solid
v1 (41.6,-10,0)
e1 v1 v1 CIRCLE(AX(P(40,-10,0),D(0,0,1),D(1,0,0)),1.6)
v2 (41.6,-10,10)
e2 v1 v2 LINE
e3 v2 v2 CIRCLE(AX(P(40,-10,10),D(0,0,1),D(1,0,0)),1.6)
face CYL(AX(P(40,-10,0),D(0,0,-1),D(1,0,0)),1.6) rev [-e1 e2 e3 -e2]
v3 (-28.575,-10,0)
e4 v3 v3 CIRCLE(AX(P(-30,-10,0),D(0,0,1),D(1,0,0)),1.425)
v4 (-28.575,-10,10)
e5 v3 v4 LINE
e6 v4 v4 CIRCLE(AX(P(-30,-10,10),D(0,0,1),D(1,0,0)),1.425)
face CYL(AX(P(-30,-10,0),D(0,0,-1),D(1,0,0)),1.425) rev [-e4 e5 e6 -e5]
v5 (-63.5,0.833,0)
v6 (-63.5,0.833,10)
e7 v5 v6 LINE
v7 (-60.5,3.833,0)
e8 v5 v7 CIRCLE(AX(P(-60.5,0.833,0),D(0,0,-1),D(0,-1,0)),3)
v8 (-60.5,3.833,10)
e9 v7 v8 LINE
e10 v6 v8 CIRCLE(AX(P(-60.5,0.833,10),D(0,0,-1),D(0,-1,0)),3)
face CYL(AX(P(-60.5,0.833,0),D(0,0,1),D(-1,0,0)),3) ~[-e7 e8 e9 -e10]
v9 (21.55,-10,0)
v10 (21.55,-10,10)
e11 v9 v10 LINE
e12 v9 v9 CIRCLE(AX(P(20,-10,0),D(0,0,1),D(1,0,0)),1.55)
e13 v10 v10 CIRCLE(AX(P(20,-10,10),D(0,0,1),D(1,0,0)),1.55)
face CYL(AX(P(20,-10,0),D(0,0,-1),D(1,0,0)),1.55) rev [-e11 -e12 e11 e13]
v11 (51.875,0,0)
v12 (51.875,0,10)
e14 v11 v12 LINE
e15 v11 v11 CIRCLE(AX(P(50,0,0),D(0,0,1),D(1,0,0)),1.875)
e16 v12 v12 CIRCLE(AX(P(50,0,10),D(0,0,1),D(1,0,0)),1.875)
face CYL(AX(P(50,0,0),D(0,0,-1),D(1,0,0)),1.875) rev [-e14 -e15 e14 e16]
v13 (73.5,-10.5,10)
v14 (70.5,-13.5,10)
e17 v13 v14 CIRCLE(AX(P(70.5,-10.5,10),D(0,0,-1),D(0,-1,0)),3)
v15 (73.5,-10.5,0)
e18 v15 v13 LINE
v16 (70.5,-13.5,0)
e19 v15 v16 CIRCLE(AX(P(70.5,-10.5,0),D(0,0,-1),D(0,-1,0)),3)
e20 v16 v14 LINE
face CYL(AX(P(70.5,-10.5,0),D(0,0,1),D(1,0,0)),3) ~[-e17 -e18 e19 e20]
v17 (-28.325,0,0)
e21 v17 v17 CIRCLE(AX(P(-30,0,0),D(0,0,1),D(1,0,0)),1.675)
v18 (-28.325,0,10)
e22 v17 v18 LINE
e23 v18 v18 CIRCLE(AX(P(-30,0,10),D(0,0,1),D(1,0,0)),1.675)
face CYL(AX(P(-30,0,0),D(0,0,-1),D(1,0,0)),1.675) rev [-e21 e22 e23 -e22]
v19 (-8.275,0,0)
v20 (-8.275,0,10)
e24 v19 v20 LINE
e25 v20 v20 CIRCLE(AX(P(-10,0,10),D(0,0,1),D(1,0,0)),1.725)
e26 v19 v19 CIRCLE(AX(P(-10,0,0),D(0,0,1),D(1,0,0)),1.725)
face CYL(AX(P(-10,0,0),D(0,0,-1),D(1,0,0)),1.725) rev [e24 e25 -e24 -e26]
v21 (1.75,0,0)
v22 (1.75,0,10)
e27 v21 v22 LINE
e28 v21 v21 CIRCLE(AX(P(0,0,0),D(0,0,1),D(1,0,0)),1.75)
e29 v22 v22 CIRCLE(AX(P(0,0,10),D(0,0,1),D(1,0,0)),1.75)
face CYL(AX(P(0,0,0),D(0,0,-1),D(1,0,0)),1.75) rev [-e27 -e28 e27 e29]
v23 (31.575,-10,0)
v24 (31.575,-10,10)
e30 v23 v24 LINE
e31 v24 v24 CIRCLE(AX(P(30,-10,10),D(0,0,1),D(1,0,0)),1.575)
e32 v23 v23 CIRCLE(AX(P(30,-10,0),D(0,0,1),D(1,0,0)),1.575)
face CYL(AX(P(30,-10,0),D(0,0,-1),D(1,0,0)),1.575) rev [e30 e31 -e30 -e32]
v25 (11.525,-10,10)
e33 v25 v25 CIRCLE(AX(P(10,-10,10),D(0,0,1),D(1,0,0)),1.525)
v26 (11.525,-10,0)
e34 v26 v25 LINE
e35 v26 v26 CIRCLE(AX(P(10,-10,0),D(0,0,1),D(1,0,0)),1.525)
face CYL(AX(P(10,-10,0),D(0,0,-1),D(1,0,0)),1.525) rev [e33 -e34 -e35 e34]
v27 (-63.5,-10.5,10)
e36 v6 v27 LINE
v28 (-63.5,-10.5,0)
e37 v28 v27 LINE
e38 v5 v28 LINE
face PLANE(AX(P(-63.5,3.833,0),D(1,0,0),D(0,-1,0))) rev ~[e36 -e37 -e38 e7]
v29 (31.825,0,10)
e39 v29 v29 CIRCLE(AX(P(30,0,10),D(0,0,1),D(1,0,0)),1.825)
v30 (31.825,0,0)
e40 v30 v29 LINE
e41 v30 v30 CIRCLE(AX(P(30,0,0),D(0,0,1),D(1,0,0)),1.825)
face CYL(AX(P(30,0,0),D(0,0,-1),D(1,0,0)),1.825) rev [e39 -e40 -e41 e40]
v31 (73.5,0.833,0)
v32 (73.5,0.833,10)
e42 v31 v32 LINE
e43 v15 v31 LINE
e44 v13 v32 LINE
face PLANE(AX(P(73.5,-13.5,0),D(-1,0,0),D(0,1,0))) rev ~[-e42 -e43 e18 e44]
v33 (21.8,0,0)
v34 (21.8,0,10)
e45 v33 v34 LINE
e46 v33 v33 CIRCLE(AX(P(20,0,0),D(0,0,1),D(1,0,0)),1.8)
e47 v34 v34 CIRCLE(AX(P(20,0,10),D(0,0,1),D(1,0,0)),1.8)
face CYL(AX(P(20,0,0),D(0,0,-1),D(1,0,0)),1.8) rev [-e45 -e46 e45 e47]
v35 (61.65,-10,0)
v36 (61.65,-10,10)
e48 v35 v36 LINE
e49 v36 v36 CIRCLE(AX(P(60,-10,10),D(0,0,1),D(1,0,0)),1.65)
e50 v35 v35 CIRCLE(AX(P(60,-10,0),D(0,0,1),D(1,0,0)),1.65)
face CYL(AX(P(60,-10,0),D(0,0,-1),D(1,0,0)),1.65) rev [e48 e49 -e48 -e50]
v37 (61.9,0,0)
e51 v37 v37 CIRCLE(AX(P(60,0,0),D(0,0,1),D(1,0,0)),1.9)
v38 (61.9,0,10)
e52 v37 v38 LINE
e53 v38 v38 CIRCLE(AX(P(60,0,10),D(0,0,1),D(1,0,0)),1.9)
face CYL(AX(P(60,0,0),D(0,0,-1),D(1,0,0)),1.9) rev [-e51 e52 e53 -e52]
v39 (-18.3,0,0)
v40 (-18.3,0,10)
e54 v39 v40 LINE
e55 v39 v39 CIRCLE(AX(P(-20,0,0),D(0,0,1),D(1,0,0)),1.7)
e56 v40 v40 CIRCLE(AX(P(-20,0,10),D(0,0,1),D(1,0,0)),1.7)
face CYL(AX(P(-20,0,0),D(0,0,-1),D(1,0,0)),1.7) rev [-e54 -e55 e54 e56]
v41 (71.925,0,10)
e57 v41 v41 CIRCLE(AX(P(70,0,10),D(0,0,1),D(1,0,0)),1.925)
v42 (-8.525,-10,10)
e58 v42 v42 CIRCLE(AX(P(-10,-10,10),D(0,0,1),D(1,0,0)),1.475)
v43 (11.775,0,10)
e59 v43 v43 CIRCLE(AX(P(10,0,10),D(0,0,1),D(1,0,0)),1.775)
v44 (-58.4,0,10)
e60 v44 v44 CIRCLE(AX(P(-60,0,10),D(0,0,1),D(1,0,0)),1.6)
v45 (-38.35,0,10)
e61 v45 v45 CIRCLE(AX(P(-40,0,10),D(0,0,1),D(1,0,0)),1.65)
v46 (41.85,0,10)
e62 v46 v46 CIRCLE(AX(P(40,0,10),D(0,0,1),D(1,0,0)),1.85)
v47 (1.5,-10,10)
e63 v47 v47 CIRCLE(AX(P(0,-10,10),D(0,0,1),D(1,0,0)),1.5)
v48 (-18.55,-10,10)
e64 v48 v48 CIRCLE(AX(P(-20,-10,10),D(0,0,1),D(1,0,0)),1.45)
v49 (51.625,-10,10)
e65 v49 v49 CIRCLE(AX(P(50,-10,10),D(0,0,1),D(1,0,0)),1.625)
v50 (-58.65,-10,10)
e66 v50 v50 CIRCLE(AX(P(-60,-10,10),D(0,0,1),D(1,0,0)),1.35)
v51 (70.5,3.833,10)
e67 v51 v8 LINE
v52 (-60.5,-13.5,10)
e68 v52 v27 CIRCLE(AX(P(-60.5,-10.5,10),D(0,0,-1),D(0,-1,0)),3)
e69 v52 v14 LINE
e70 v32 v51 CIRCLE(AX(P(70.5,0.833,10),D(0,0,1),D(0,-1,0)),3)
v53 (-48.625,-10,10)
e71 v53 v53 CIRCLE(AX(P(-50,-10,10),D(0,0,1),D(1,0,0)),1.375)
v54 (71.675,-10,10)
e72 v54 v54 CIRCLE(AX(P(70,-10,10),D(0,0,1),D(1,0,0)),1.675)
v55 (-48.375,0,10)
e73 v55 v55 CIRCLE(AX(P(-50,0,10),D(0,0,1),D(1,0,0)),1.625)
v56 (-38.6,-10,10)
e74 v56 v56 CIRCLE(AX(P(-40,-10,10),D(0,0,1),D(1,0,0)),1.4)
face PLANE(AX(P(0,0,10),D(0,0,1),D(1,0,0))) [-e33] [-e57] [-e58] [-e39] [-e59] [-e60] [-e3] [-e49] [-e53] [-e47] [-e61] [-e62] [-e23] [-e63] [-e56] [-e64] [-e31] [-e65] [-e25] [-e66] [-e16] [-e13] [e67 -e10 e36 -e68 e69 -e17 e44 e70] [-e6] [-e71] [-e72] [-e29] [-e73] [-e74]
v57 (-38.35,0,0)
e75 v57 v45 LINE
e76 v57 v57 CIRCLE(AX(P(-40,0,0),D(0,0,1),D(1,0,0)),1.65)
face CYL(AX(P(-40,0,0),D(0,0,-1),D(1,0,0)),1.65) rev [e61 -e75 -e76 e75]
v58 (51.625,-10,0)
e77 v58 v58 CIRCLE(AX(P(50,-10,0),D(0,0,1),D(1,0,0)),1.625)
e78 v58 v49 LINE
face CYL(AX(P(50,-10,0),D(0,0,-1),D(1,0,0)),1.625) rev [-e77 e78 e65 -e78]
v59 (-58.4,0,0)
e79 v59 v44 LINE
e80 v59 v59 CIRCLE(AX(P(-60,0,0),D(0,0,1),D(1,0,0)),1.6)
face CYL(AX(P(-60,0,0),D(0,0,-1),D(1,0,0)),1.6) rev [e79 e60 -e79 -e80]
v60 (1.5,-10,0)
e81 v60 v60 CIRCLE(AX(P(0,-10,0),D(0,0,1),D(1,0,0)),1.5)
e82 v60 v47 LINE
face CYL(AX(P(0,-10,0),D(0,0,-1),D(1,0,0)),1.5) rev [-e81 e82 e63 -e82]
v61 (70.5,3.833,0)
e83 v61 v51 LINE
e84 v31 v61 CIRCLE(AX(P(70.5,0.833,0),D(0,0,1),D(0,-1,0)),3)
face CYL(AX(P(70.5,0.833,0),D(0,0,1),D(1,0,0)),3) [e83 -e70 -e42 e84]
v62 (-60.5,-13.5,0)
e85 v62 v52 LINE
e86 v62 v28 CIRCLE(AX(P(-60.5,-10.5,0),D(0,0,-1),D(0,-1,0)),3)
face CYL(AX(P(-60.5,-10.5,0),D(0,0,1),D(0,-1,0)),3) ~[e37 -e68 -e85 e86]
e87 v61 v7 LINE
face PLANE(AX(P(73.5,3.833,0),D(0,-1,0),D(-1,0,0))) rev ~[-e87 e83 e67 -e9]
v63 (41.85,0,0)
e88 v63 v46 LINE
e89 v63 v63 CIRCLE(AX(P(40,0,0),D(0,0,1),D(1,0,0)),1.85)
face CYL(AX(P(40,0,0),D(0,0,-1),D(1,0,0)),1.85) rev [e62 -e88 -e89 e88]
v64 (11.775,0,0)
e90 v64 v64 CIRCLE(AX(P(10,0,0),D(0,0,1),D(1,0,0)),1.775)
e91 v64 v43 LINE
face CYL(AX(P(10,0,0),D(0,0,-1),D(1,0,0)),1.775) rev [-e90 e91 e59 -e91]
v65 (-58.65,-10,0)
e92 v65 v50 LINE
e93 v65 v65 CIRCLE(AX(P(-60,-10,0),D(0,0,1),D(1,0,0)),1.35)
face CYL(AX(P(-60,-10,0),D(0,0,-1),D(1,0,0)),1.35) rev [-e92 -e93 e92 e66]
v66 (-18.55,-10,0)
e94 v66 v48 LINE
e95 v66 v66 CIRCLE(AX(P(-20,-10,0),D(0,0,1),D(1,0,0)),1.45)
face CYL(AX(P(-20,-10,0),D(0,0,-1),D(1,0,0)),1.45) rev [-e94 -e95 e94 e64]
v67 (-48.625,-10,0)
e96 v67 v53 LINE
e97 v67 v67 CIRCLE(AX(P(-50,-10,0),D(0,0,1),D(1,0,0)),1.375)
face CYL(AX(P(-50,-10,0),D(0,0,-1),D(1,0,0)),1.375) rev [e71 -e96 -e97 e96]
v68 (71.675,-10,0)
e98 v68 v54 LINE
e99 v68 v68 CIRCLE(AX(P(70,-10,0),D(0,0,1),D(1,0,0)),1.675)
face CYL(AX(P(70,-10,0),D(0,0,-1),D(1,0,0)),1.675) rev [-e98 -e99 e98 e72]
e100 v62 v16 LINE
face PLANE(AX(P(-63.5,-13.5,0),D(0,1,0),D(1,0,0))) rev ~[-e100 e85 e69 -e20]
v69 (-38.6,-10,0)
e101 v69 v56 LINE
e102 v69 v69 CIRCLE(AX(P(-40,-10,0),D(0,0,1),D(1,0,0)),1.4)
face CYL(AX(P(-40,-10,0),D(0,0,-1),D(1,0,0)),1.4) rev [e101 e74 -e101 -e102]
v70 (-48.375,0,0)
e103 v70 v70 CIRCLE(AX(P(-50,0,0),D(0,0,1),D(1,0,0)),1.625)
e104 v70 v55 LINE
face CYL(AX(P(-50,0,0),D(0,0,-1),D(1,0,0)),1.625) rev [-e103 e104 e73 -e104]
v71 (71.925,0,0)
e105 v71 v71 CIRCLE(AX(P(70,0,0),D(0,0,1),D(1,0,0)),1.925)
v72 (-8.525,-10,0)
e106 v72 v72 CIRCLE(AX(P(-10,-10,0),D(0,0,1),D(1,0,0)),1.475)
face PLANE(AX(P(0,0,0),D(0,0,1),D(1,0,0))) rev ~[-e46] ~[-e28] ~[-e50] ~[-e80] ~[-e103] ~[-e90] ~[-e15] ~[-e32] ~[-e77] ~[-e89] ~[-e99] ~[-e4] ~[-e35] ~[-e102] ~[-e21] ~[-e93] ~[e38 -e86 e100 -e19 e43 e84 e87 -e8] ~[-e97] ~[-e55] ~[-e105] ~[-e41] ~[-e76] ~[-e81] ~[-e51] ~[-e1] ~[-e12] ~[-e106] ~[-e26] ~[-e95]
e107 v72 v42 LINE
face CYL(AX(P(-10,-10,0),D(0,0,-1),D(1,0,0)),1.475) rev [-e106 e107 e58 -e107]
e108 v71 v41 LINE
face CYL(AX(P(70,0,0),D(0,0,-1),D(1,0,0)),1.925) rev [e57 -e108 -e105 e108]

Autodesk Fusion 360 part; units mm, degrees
sketch "Sketch1" plane through (0, 0, 0) normal (0, 0, 1) x (1, 0, 0)
  circle A0 centre (0, 0) radius 1.75
  circle A1 centre (10, 0) radius 1.775
  circle A2 centre (20, 0) radius 1.8
  circle A3 centre (30, 0) radius 1.825
  circle A4 centre (40, 0) radius 1.85
  line L0 (0, 0) -> (10, 0) construction
  line L1 (10, 0) -> (20, 0) construction
  line L2 (20, 0) -> (30, 0) construction
  line L3 (30, 0) -> (40, 0) construction
  circle A5 centre (50, 0) radius 1.875
  circle A6 centre (60, 0) radius 1.9
  circle A7 centre (70, 0) radius 1.925
  line L4 (40, 0) -> (50, 0) construction
  line L5 (50, 0) -> (60, 0) construction
  line L6 (60, 0) -> (70, 0) construction
  line L7 (-50, 0) -> (-40, 0) construction
  line L8 (-40, 0) -> (-30, 0) construction
  circle A8 centre (-40, 0) radius 1.65
  line L9 (-10, 0) -> (0, 0) construction
  circle A9 centre (-50, 0) radius 1.625
  circle A10 centre (-30, 0) radius 1.675
  circle A11 centre (-60, 0) radius 1.6
  circle A12 centre (-20, 0) radius 1.7
  line L10 (-30, 0) -> (-20, 0) construction
  line L11 (-60, 0) -> (-50, 0) construction
  line L12 (-20, 0) -> (-10, 0) construction
  circle A13 centre (-10, 0) radius 1.725
  line L13 (0, 0) -> (0, 10) construction
  circle A14 centre (-40, 10) radius 0.95
  line L14 (-50, 10) -> (-40, 10) construction
  line L15 (20, 10) -> (30, 10) construction
  circle A15 centre (20, 10) radius 1.1
  line L16 (-30, 10) -> (-20, 10) construction
  circle A16 centre (0, 10) radius 1.05
  circle A17 centre (-50, 10) radius 0.925
  line L17 (-60, 10) -> (-50, 10) construction
  line L18 (40, 10) -> (50, 10) construction
  line L19 (-40, 10) -> (-30, 10) construction
  circle A18 centre (10, 10) radius 1.075
  circle A19 centre (-30, 10) radius 0.975
  line L20 (-20, 10) -> (-10, 10) construction
  circle A20 centre (60, 10) radius 1.2
  circle A21 centre (70, 10) radius 1.225
  line L21 (60, 10) -> (70, 10) construction
  circle A22 centre (30, 10) radius 1.125
  line L22 (50, 10) -> (60, 10) construction
  circle A23 centre (40, 10) radius 1.15
  circle A24 centre (50, 10) radius 1.175
  line L23 (30, 10) -> (40, 10) construction
  circle A25 centre (-10, 10) radius 1.025
  line L24 (-10, 10) -> (0, 10) construction
  line L25 (0, 10) -> (10, 10) construction
  circle A26 centre (-20, 10) radius 1
  circle A27 centre (-60, 10) radius 0.9
  line L26 (10, 10) -> (20, 10) construction
  line L27 (0, 0) -> (0, -10) construction
  line L28 (0, -10) -> (10, -10) construction
  circle A28 centre (30, -10) radius 1.575
  circle A29 centre (20, -10) radius 1.55
  circle A30 centre (40, -10) radius 1.6
  line L29 (50, -10) -> (60, -10) construction
  circle A31 centre (70, -10) radius 1.675
  circle A32 centre (10, -10) radius 1.525
  line L30 (20, -10) -> (30, -10) construction
  circle A33 centre (0, -10) radius 1.5
  line L31 (-20, -10) -> (-10, -10) construction
  circle A34 centre (-10, -10) radius 1.475
  circle A35 centre (-20, -10) radius 1.45
  line L32 (-10, -10) -> (0, -10) construction
  circle A36 centre (-40, -10) radius 1.4
  circle A37 centre (-60, -10) radius 1.35
  line L33 (-60, -10) -> (-50, -10) construction
  line L34 (-30, -10) -> (-20, -10) construction
  circle A38 centre (-50, -10) radius 1.375
  line L35 (-40, -10) -> (-30, -10) construction
  line L36 (-50, -10) -> (-40, -10) construction
  circle A39 centre (-30, -10) radius 1.425
  circle A40 centre (50, -10) radius 1.625
  line L37 (10, -10) -> (20, -10) construction
  line L38 (40, -10) -> (50, -10) construction
  line L39 (60, -10) -> (70, -10) construction
  line L40 (30, -10) -> (40, -10) construction
  circle A41 centre (60, -10) radius 1.65
  line L41 (73.5, 3.833) -> (-63.5, 3.833)
  line L42 (-63.5, 3.833) -> (-63.5, -13.5)
  line L43 (-63.5, -13.5) -> (73.5, -13.5)
  line L44 (73.5, -13.5) -> (73.5, 3.833)
  point P0 (-60, 0)
  point P1 (-60, 10)
  point P2 (0, 10)
  point P3 (0, 10)
  point P4 (0, -10)
  point P5 (-60, -10)
  point P6 (0, -10)
  point P7 (0, -10)
  point P8 (5, 0)
  dimension "d1" = 3.5
  dimension "d2" = 10
  dimension "d3" = 3.55
  dimension "d4" = 3.6
  dimension "d5" = 3.65
  dimension "d6" = 3.7
  dimension "d7" = 3.75
  dimension "d8" = 3.8
  dimension "d9" = 3.85
  dimension "d10" = 3.2
  dimension "d11" = 10
  dimension "d12" = 3.25
  dimension "d13" = 3.3
  dimension "d14" = 3.35
  dimension "d15" = 3.4
  dimension "d16" = 3.45
  dimension "d18" = 10
  dimension "d19" = 2.1
  dimension "d20" = 10
  dimension "d21" = 2.15
  dimension "d22" = 2.2
  dimension "d23" = 2.25
  dimension "d24" = 2.3
  dimension "d25" = 2.35
  dimension "d26" = 2.4
  dimension "d27" = 2.45
  dimension "d28" = 1.8
  dimension "d29" = 10
  dimension "d30" = 1.85
  dimension "d31" = 1.9
  dimension "d32" = 1.95
  dimension "d33" = 2
  dimension "d34" = 2.05
  dimension "d35" = 3
  dimension "d36" = 10
  dimension "d37" = 3.05
  dimension "d38" = 3.1
  dimension "d39" = 3.15
  dimension "d40" = 3.2
  dimension "d41" = 3.25
  dimension "d42" = 3.3
  dimension "d43" = 3.35
  dimension "d44" = 2.7
  dimension "d45" = 10
  dimension "d46" = 2.75
  dimension "d47" = 2.8
  dimension "d48" = 2.85
  dimension "d49" = 2.9
  dimension "d50" = 2.95
  dimension "d51" = 137
extrude "Extrude1" add sketch "Sketch1" along normal blind 10 contours L41 L42 L43 L44
fillet "Fillet1" radius 3 4 edges at (73.5, -13.5, 5) (73.5, 3.833, 5) (-63.5, -13.5, 5) (-63.5, 3.833, 5)
equation "d2 = d18"
equation "d3 = d1 + 0.05 mm"
equation "d4 = d3 + 0.05 mm"
equation "d5 = d4 + 0.05 mm"
equation "d6 = d5 + 0.05 mm"
equation "d7 = d6 + 0.05 mm"
equation "d8 = d7 + 0.05 mm"
equation "d9 = d8 + 0.05 mm"
equation "d10 = d12 - 0.05 mm"
equation "d11 = d2"
equation "d12 = d13 - 0.05 mm"
equation "d13 = d14 - 0.05 mm"
equation "d14 = d15 - 0.05 mm"
equation "d15 = d16 - 0.05 mm"
equation "d16 = d1 - 0.05 mm"
equation "d20 = d2"
equation "d21 = d19 + 0.05 mm"
equation "d22 = d19 + 0.1 mm"
equation "d23 = d19 + 0.15 mm"
equation "d24 = d19 + 0.2 mm"
equation "d25 = d19 + 0.25 mm"
equation "d26 = d19 + 0.3 mm"
equation "d27 = d19 + 0.35 mm"
equation "d28 = d19 - 0.3 mm"
equation "d29 = d2"
equation "d30 = d19 - 0.25 mm"
equation "d31 = d19 - 0.2 mm"
equation "d32 = d19 - 0.15 mm"
equation "d33 = d19 - 0.1 mm"
equation "d34 = d19 - 0.05 mm"
equation "d36 = d2"
equation "d37 = d35 + 0.05 mm"
equation "d38 = d37 + 0.05 mm"
equation "d39 = d38 + 0.05 mm"
equation "d40 = d39 + 0.05 mm"
equation "d41 = d40 + 0.05 mm"
equation "d42 = d41 + 0.05 mm"
equation "d43 = d42 + 0.05 mm"
equation "d44 = d46 - 0.05 mm"
equation "d45 = d2"
equation "d46 = d47 - 0.05 mm"
equation "d47 = d48 - 0.05 mm"
equation "d48 = d49 - 0.05 mm"
equation "d49 = d50 - 0.05 mm"
equation "d50 = d35 - 0.05 mm"
